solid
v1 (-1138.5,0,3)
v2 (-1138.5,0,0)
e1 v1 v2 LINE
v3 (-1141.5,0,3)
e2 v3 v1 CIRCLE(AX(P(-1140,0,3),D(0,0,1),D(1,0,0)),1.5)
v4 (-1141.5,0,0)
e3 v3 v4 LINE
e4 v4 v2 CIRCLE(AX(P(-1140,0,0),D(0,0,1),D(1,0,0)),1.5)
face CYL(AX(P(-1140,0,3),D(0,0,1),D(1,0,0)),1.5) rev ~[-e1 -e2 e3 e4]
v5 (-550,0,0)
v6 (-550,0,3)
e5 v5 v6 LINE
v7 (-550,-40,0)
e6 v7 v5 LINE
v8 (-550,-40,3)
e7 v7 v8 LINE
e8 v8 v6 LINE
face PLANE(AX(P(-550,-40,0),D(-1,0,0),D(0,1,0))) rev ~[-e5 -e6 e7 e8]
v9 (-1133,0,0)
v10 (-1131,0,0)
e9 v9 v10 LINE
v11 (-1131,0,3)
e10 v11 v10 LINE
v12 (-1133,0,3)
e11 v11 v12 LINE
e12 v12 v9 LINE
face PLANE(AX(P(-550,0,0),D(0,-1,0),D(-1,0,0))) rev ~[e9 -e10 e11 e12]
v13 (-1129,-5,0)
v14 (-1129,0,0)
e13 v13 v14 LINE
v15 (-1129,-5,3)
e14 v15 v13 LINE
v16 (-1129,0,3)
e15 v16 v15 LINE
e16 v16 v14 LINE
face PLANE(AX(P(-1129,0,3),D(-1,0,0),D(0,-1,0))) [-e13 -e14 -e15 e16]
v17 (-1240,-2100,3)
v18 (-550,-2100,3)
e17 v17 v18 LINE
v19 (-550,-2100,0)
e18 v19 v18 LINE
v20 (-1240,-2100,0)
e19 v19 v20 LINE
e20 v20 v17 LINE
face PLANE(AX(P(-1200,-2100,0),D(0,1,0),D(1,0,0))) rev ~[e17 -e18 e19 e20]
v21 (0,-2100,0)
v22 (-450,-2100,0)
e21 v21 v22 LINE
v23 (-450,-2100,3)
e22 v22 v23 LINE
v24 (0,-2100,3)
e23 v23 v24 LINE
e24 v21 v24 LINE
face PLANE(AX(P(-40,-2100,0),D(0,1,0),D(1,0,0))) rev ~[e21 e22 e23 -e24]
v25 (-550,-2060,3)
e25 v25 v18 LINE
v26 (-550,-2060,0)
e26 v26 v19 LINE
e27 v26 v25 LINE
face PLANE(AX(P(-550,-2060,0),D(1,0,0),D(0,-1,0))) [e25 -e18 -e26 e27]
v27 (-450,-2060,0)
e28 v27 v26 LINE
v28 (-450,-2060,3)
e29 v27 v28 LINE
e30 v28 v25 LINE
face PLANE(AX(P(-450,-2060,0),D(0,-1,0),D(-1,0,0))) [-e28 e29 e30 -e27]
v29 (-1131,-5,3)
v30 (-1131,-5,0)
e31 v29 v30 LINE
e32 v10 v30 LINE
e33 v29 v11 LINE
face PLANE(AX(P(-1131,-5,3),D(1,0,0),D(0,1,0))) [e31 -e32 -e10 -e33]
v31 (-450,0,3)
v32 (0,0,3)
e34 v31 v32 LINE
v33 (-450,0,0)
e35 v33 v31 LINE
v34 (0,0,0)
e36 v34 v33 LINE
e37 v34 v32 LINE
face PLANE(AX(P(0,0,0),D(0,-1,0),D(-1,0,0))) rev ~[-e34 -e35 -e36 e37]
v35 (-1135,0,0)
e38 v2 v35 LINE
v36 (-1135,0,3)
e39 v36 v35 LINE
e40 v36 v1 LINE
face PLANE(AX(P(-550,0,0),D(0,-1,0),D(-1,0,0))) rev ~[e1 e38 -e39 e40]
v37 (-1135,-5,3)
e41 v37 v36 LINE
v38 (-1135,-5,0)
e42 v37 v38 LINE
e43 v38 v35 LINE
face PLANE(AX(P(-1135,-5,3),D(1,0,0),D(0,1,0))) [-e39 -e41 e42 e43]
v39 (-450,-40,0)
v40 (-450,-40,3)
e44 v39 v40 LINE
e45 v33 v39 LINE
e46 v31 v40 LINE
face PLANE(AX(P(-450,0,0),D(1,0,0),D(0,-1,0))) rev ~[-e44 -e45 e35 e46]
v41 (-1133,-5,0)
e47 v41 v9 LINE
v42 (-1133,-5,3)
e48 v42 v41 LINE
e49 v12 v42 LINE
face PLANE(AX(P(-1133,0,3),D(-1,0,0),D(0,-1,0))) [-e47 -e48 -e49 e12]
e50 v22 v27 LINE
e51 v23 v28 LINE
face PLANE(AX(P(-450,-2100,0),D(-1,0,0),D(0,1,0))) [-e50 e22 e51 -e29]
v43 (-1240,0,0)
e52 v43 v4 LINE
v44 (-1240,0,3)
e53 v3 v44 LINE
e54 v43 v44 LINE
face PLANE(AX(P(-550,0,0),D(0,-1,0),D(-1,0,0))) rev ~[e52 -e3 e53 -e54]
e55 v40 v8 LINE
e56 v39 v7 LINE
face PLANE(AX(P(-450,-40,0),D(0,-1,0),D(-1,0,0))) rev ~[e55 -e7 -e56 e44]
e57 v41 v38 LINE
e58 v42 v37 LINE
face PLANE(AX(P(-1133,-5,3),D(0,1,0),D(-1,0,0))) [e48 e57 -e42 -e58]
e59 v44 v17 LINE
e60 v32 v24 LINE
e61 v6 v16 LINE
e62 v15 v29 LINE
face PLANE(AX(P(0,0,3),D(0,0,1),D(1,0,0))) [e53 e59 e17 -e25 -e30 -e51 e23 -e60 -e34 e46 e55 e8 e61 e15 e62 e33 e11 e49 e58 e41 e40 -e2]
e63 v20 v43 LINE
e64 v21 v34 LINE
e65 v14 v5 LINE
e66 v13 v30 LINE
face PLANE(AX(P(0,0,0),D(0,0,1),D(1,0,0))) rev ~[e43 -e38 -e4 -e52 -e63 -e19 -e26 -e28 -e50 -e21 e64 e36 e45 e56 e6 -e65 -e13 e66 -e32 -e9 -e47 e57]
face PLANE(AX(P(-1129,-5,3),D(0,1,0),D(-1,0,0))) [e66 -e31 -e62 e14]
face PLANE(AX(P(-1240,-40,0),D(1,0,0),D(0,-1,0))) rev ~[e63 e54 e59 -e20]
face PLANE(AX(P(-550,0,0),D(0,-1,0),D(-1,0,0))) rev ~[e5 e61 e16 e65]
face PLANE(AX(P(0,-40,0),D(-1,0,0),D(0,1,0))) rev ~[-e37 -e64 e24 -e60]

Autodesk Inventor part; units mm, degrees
ref_plane "YZ Plane" through (0, 0, 0) normal (1, 0, 0) x (0, 1, 0)
ref_plane "XZ Plane" through (0, 0, 0) normal (0, 1, 0) x (-1, 0, 0)
ref_plane "XY Plane" through (0, 0, 0) normal (0, 0, 1) x (1, 0, 0)
sketch "Sketch1" plane through (0, 0, 0) normal (0, 0, 1) x (1, 0, 0)
  line L0 (0, 0) -> (-1240, 0)
  line L1 (-1240, 0) -> (-1240, -2100)
  line L2 (-1240, -2100) -> (0, -2100)
  line L3 (0, -2100) -> (0, 0)
  line L4 (0, 0) -> (-40, 0)
  line L5 (-40, 0) -> (-40, -40)
  line L6 (-40, -40) -> (0, -40)
  line L7 (0, -40) -> (0, 0)
  line L8 (0, -2100) -> (-40, -2100)
  line L9 (-40, -2100) -> (-40, -2060)
  line L10 (-40, -2060) -> (0, -2060)
  line L11 (0, -2060) -> (0, -2100)
  line L12 (-1240, 0) -> (-1200, 0)
  line L13 (-1200, 0) -> (-1200, -40)
  line L14 (-1200, -40) -> (-1240, -40)
  line L15 (-1240, -40) -> (-1240, 0)
  line L16 (-1240, -2100) -> (-1200, -2100)
  line L17 (-1200, -2100) -> (-1200, -2060)
  line L18 (-1200, -2060) -> (-1240, -2060)
  line L19 (-1240, -2060) -> (-1240, -2100)
  line L20 (-550, -2100) -> (-450, -2100)
  line L21 (-450, -2100) -> (-450, -2060)
  line L22 (-450, -2060) -> (-550, -2060)
  line L23 (-550, -2060) -> (-550, -2100)
  line L24 (-550, 0) -> (-450, 0)
  line L25 (-450, 0) -> (-450, -40)
  line L26 (-450, -40) -> (-550, -40)
  line L27 (-550, -40) -> (-550, 0)
  point P0 (0, -40)
  point P1 (-40, 0)
  point P2 (-40, -2100)
  point P3 (0, -2060)
  point P4 (-450, -2100)
  point P5 (-450, 0)
  dimension "d22" = 1240
  dimension "d23" = 2100
  dimension "d24" = 40
  dimension "d25" = 40
  dimension "d28" = 100
  dimension "d29" = 410
extrude "Plate1" add sketch "Sketch1" along normal blind 3 contours L3 L6 L5 L0 | L5 L6 L3 L10 L9 L2 L21 L22 L23 L17 L18 L1 L14 L13 L0 L27 L26 L25 | L3 L2 L9 L10 | L13 L14 L1 L0 | L18 L17 L2 L1
sketch "Sketch6" plane through (0, 0, 3) normal (0, 0, 1) x (1, 0, 0)
  line L0 (0, 0) -> (0, -2100) projected
  line L1 (-450, 0) -> (0, 0) projected
  line L2 (-450, -40) -> (-450, 0) projected
  line L3 (-550, -40) -> (-450, -40) projected
  line L4 (-550, 0) -> (-550, -40) projected
  line L5 (-1240, 0) -> (-550, 0) projected
  line L6 (-1240, -2100) -> (-1240, 0) projected
  line L7 (-550, -2100) -> (-1240, -2100) projected
  line L8 (-550, -2060) -> (-550, -2100) projected
  line L9 (-450, -2060) -> (-550, -2060) projected
  line L10 (-450, -2100) -> (-450, -2060) projected
  line L11 (0, -2100) -> (-450, -2100) projected
  line L12 (-1135, 0) -> (-1133, 0)
  line L13 (-1133, 0) -> (-1133, -5)
  line L14 (-1133, -5) -> (-1135, -5)
  line L15 (-1135, -5) -> (-1135, 0)
  line L16 (-1127, 0) -> (-1125, 0)
  line L17 (-1125, 0) -> (-1125, -5)
  line L18 (-1125, -5) -> (-1127, -5)
  line L19 (-1127, -5) -> (-1127, 0)
  line L20 (-1131, 0) -> (-1129, 0)
  line L21 (-1129, 0) -> (-1129, -5)
  line L22 (-1129, -5) -> (-1131, -5)
  line L23 (-1131, -5) -> (-1131, 0)
  line L24 (-1133, -2.5) -> (-1131, -2.5)
  line L25 (-1123, 0) -> (-1120, 0)
  line L26 (-1129, -2.5) -> (-1127, -2.5)
  line L27 (-1123, 0) -> (-1121.9884, -4.6072)
  arc A0 (-1121.9884, -4.6072) -> (-1121.0116, -4.6072) centre (-1121.5, -4.5) ccw
  line L28 (-1121.0116, -4.6072) -> (-1120, 0)
  line L29 (-1125, 0) -> (-1123, 0)
  line L30 (-1112, -5) -> (-1114, -5)
  line L31 (-1112, -2.5) -> (-1110, -2.5)
  line L32 (-1116, -5) -> (-1118, -5)
  line L33 (-1116, -2.5) -> (-1114, -2.5)
  line L34 (-1114, 0) -> (-1112, 0)
  line L35 (-1114, -5) -> (-1114, 0)
  line L36 (-1118, 0) -> (-1116, 0)
  line L37 (-1118, -5) -> (-1118, 0)
  line L38 (-1116, 0) -> (-1116, -5)
  line L39 (-1112, 0) -> (-1112, -5)
  line L40 (-1110, -5) -> (-1110, 0)
  line L41 (-1110, 0) -> (-1108, 0)
  line L42 (-1108, 0) -> (-1108, -5)
  line L43 (-1108, -5) -> (-1110, -5)
  line L44 (-1120, 0) -> (-1118, 0)
  circle A1 centre (-1140, 0) radius 1.5
  line L45 (-1240, 0) -> (-550, 0) projected
  point P0 (-1121.5, 0)
  point P1 (-1138.5, 0)
  point P2 (-1141.5, 0)
  point P3 (-1133, 0)
  point P4 (-1135, 0)
  point P5 (-1129, 0)
  point P6 (-1131, 0)
  dimension "d38" = 2
  dimension "d39" = 5
  dimension "d40" = 0.5
  dimension "d41" = 3
  dimension "d42" = 2
  dimension "d43" = 5
  dimension "d44" = 3
  dimension "d45" = 5
  dimension "d46" = 100
extrude "Cut1" cut sketch "Sketch6" against normal blind 3 contours L5 A1 | L5 L13 L14 L15 | L5 L21 L22 L23 picked at (-1140.0603, -0.4964)
equation "\"d24\" = d25"
equation "\"d40\" = 0.25 * d38"
equation "\"d47\" = Thickness"
equation "\"d2\" = Thickness"
equation "\"BendReliefWidth\" = Thickness"
equation "\"BendReliefDepth\" = 0.5 * Thickness"
equation "\"CornerReliefSize\" = 4 * Thickness"
equation "\"MinimumRemnant\" = 2 * Thickness"
equation "\"TransitionRadius\" = BendRadius"
equation "\"JacobiRadiusSize\" = BendRadius"
equation "\"GapSize\" = Thickness"
equation "\"Thickness\" = 3"
equation "\"BendRadius\" = 5"
properties part number "GnG frame 1.1 floor sheet 2" material "Stainless Steel"
